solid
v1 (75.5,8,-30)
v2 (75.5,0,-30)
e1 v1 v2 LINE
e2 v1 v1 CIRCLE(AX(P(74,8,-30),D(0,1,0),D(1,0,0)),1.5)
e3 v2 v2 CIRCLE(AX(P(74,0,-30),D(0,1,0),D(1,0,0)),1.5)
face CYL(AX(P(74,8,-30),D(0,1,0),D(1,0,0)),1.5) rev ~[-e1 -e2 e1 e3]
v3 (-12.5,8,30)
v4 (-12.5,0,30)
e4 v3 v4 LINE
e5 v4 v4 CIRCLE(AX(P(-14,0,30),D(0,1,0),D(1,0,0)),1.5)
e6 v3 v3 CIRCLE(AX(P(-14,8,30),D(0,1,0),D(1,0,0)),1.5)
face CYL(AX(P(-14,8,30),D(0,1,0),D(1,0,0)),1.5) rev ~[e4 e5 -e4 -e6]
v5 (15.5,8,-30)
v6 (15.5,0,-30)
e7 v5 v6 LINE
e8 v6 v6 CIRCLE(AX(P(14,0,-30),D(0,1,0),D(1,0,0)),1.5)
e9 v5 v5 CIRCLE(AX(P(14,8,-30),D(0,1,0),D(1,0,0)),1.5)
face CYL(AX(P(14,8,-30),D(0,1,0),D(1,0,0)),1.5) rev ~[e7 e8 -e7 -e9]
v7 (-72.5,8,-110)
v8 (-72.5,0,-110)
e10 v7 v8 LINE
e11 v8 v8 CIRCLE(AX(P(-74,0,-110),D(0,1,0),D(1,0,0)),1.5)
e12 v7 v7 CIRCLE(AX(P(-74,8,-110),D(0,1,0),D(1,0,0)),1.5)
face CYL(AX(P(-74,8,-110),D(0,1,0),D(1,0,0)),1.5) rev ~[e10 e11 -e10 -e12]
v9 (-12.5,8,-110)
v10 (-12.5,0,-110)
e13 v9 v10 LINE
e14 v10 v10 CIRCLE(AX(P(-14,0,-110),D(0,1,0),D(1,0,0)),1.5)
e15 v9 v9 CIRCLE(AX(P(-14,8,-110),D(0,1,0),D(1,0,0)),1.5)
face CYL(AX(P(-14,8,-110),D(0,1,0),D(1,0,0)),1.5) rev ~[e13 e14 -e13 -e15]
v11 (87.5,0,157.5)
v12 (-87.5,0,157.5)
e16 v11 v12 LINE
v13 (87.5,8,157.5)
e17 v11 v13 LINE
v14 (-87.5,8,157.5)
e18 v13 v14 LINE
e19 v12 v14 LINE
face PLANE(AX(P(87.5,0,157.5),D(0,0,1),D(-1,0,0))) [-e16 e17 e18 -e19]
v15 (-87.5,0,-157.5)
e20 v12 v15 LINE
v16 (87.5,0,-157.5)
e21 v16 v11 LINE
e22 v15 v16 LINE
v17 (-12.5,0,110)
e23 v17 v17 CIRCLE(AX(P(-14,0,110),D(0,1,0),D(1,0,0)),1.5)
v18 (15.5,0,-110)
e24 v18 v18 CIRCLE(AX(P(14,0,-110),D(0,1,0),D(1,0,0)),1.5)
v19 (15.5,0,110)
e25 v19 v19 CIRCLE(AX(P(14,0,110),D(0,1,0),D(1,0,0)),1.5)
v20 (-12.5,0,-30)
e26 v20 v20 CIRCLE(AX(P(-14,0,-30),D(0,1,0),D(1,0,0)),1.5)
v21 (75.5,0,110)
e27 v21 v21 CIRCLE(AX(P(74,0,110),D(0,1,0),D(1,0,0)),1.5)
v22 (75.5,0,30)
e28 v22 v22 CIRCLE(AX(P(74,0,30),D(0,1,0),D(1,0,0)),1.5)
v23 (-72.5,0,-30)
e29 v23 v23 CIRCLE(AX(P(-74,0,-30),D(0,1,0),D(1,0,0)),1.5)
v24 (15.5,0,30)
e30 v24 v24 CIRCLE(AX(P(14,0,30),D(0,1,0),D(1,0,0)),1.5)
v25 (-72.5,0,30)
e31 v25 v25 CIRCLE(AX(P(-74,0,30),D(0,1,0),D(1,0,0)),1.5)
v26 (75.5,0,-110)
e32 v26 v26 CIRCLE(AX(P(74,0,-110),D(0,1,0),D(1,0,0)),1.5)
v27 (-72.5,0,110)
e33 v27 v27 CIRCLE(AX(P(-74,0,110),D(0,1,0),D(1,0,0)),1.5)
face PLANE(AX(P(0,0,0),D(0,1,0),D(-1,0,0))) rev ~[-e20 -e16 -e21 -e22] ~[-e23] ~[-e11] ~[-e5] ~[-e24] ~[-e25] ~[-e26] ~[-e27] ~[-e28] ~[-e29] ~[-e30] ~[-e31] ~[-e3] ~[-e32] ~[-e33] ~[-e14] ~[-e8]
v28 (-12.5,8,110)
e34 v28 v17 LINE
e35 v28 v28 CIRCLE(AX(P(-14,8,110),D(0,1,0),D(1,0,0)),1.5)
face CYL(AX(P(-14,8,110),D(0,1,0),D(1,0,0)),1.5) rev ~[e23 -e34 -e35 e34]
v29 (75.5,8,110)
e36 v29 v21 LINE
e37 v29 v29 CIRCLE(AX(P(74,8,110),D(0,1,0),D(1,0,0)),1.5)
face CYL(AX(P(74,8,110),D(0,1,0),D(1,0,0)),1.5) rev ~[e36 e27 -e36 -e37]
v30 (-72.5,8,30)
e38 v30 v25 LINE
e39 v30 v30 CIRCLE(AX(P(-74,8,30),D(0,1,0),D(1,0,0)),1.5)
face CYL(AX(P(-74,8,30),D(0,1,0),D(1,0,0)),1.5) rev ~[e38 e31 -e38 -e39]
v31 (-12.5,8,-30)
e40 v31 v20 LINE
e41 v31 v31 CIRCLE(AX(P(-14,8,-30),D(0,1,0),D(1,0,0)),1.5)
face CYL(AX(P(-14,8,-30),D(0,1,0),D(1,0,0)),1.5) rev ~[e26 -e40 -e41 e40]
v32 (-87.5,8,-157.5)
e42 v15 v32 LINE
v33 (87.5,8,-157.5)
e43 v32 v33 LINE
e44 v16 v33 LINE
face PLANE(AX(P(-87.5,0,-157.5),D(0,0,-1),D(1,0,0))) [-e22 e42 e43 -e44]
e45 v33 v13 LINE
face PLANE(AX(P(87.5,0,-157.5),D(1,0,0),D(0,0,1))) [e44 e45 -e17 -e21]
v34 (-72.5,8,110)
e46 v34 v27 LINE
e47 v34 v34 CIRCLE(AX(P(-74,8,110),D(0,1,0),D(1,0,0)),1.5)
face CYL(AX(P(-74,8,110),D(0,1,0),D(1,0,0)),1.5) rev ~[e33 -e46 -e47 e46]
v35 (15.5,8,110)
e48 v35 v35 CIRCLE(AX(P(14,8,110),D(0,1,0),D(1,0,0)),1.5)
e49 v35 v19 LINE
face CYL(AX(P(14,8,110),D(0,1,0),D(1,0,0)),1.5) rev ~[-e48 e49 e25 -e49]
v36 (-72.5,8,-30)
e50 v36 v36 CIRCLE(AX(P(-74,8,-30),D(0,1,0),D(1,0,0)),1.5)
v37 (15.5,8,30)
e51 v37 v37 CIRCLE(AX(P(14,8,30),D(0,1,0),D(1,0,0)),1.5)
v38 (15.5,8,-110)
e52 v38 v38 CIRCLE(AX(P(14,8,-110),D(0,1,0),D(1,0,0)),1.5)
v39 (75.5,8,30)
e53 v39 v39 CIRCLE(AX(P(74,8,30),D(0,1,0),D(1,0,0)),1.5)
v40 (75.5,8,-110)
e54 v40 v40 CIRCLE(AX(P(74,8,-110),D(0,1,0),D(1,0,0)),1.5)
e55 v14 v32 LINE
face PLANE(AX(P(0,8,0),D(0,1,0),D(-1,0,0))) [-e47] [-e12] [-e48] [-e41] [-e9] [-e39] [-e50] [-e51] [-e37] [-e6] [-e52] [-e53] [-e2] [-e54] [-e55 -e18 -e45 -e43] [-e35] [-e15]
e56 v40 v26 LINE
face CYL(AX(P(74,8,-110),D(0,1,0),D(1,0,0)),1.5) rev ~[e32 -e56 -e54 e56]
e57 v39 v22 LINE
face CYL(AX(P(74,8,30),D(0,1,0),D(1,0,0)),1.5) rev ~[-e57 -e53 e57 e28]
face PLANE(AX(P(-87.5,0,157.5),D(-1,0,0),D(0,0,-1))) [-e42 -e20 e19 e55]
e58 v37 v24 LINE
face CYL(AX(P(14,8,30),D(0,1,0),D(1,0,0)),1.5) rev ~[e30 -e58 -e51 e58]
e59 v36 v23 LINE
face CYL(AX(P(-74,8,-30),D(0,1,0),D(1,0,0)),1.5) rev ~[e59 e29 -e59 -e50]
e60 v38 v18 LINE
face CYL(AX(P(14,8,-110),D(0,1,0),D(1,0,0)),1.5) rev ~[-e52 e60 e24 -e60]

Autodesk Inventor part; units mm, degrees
ref_plane "YZ Plane" through (0, 0, 0) normal (1, 0, 0) x (0, 1, 0)
ref_plane "XZ Plane" through (0, 0, 0) normal (0, 1, 0) x (-1, 0, 0)
ref_plane "XY Plane" through (0, 0, 0) normal (0, 0, 1) x (1, 0, 0)
sketch "Sketch1" plane through (0, 0, 0) normal (0, 1, 0) x (-1, 0, 0)
  line L0 (-87.5, 157.5) -> (87.5, 157.5)
  line L1 (87.5, 157.5) -> (87.5, -157.5)
  line L2 (87.5, -157.5) -> (-87.5, -157.5)
  line L3 (-87.5, -157.5) -> (-87.5, 157.5)
  line L4 (-87.5, 157.5) -> (87.5, -157.5) construction
  line L5 (87.5, 157.5) -> (-87.5, -157.5) construction
  point P0 (0, 0)
  dimension "d0" = 315
  dimension "d1" = 175
extrude "Extrusion1" add sketch "Sketch1" along normal blind 8
sketch "Sketch2" plane through (0, 8, 0) normal (0, 1, 0) x (1, 0, 0)
  circle A0 centre (-74, -110) radius 1.5
  line L0 (-87.5, 157.5) -> (-87.5, -157.5) projected
  line L1 (-87.5, -157.5) -> (87.5, -157.5) projected
  circle A1 centre (-74, -30) radius 1.5
  circle A2 centre (-14, -110) radius 1.5
  circle A3 centre (-14, -30) radius 1.5
  line L2 (-122.5, 0) -> (122.5, 0) projected
  line L3 (0, 220.5) -> (0, -220.5) projected
  circle A4 centre (-74, 110) radius 1.5
  circle A5 centre (-74, 30) radius 1.5
  circle A6 centre (-14, 110) radius 1.5
  circle A7 centre (-14, 30) radius 1.5
  circle A8 centre (74, -110) radius 1.5
  circle A9 centre (74, -30) radius 1.5
  circle A10 centre (14, -110) radius 1.5
  circle A11 centre (14, -30) radius 1.5
  circle A12 centre (74, 110) radius 1.5
  circle A13 centre (74, 30) radius 1.5
  circle A14 centre (14, 110) radius 1.5
  circle A15 centre (14, 30) radius 1.5
  point P0 (0, 0)
  dimension "d6" = 80
  dimension "d9" = 60
  dimension "d12" = 14
  dimension "d13" = 30
  dimension "d14" = 3
extrude "Extrusion2" cut sketch "Sketch2" against normal up to next contours A0 | A1 | A2 | A3 | A4 | A5 | A6 | A7 | A8 | A9 | A10 | A11 | A12 | A13 | A14 | A15
equation "\"d0\" = 3.5 * L_pcb_outer"
equation "\"d1\" = 2.5 * W_pcb_outer"
equation "\"d2\" = T_fastener"
equation "\"d6\" = L_pcb_holetohole"
equation "\"d9\" = W_pcb_holetohole"
equation "\"d12\" = 0.2 * W_pcb_outer"
equation "\"d13\" = 0.333333 * L_pcb_outer"
equation "\"d15\" = T_fastener"
equation "\"L_pcb_holetohole\" = 80"
equation "\"W_pcb_holetohole\" = 60"
equation "\"T_fastener\" = 8"
equation "\"L_pcb_outer\" = 90"
equation "\"W_pcb_outer\" = 70"
properties part number "Fastener" material "PC/ABS Plastic"
